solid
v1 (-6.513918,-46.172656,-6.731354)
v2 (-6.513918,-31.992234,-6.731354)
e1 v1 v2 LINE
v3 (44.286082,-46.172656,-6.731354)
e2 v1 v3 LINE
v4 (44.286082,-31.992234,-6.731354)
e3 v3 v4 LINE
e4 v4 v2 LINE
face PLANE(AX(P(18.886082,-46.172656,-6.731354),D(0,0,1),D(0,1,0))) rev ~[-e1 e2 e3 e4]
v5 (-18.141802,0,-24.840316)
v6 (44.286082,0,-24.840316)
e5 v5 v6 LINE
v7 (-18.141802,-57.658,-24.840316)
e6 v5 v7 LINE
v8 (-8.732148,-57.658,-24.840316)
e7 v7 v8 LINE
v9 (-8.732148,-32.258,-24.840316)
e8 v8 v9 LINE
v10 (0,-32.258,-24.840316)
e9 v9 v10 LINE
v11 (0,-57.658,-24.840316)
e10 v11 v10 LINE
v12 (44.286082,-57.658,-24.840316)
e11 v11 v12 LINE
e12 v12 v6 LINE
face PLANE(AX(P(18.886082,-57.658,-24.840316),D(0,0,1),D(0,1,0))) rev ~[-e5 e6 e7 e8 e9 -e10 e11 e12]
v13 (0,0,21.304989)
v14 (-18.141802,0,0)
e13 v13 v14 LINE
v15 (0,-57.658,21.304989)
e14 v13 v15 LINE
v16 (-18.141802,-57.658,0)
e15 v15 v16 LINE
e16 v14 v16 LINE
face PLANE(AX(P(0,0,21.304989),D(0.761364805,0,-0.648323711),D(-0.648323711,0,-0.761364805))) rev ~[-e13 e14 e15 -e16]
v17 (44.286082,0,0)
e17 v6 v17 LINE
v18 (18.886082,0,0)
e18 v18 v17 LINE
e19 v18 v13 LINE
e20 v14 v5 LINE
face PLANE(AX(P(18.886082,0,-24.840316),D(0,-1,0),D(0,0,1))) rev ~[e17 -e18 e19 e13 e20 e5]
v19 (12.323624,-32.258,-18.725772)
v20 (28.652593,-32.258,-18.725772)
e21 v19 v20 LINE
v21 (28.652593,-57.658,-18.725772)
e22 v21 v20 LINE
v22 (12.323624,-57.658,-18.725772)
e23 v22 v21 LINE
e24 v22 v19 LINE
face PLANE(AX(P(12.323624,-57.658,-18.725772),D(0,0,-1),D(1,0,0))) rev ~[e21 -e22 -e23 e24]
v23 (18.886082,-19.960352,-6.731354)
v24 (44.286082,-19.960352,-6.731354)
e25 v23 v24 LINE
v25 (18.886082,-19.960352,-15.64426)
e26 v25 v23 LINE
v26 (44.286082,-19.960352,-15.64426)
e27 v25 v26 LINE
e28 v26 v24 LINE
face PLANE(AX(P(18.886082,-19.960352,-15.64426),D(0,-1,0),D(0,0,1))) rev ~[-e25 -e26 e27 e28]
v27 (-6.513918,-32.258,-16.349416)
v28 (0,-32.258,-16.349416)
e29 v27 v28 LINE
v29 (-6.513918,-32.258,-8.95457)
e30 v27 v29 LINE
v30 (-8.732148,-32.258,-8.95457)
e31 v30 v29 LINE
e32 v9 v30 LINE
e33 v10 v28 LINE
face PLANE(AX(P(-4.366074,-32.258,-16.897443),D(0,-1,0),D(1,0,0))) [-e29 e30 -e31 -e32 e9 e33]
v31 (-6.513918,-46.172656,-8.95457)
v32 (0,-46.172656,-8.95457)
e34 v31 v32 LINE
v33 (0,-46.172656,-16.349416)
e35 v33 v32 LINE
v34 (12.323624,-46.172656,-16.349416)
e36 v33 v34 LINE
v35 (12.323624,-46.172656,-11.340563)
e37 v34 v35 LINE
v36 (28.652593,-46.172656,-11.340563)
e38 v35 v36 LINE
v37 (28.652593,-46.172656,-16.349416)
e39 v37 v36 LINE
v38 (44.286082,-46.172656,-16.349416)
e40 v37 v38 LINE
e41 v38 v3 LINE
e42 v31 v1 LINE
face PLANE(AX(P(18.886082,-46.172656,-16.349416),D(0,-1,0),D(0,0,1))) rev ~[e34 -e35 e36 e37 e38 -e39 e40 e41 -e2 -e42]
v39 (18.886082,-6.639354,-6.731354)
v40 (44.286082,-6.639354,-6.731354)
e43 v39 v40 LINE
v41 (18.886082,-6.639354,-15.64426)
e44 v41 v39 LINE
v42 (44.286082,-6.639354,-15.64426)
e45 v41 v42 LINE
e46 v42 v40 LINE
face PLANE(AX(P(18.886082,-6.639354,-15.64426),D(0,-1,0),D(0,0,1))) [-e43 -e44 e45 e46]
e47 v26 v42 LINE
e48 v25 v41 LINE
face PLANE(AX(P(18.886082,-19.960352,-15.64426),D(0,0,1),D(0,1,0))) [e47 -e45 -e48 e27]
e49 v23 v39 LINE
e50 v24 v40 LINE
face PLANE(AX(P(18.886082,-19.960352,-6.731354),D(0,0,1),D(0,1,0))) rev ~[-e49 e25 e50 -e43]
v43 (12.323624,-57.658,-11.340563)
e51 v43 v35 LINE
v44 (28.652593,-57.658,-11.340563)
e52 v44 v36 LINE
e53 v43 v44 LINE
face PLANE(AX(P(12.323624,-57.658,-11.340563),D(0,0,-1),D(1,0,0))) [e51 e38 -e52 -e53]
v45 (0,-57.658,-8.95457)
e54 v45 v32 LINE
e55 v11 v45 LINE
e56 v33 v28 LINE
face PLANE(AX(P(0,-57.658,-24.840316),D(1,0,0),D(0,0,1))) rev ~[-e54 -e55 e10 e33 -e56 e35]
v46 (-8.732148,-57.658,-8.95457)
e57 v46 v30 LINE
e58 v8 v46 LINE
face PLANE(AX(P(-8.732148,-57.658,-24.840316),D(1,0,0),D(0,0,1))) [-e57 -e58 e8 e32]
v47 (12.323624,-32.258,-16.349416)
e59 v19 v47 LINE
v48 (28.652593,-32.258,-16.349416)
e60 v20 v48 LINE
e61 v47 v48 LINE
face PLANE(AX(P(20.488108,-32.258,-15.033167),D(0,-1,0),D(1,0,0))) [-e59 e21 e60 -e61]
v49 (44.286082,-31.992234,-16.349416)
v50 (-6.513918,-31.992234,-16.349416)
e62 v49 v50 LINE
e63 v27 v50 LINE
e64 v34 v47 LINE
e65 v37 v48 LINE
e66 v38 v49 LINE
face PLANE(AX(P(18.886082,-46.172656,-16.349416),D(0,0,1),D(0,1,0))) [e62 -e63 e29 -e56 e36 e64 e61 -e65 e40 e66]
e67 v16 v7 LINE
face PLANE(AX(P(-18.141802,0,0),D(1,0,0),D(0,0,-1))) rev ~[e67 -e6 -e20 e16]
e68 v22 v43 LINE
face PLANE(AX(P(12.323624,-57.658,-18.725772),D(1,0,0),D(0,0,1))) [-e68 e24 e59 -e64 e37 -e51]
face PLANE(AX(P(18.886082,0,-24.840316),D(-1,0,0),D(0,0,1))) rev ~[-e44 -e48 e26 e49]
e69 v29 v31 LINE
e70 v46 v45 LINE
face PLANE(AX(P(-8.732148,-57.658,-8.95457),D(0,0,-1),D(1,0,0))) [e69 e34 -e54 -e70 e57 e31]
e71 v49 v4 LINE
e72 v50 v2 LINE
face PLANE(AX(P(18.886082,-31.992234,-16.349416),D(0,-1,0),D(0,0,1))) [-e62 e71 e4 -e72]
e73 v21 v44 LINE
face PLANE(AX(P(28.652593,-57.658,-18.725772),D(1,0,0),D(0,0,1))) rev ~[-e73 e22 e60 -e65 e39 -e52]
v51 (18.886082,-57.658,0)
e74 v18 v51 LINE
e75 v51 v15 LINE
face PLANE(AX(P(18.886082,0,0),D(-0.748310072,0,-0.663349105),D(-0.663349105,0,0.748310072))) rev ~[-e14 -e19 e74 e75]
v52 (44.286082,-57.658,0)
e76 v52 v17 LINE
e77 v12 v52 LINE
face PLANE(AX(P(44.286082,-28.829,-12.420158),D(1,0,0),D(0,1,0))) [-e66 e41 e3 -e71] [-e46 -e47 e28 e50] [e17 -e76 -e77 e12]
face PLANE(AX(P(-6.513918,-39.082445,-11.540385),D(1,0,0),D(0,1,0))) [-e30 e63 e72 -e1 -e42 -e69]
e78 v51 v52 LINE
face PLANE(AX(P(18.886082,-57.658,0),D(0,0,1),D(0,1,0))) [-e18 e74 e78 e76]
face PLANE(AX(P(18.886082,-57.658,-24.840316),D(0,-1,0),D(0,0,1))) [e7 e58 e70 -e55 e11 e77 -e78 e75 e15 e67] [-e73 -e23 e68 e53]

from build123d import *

# Parameters (mm, degrees)
F1_DEPTH = 57.658
F2_W     = 8.732148
F2_H     = 15.885746
F3_DEPTH = 25.4
F4_W     = 14.180422
F4_H     = 9.618062
F5_DEPTH = 25.4
F6_W     = 57.658
F6_H     = 24.840316
F6_W_2   = 14.180422
F6_H_2   = 9.618062
F6_W_3   = 13.320997
F6_H_3   = 8.912906
F7_DEPTH = 25.4
F8_W     = 16.328969
F8_H     = 7.385209
F9_DEPTH = 25.4


with BuildPart() as f1:
    # F0 (on Front) → F1 (new body)
    with BuildSketch(Plane.XZ):
        Polygon((-18.141802, 0), (-18.141802, -24.840316), (18.886082, -24.840316), (18.886082, 0), (0, 21.304989), align=None)
    extrude(amount=F1_DEPTH)

    # F2 (on face) → F3 (cut)
    with BuildSketch(Plane.XZ.offset(57.658)):
        with Locations((-4.366074, -16.897443)):
            Rectangle(F2_W, F2_H)
    extrude(amount=-F3_DEPTH, mode=Mode.SUBTRACT)

    # F4 (on face) → F5 (cut)
    with BuildSketch(Plane.YZ.offset(18.886082)):
        with Locations((-39.082445, -11.540385)):
            Rectangle(F4_W, F4_H)
    extrude(amount=-F5_DEPTH, mode=Mode.SUBTRACT)

    # F6 (on face) → F7 (join)
    with BuildSketch(Plane.YZ.offset(18.886082)):
        with Locations((-28.829, -12.420158)):
            Rectangle(F6_W, F6_H)
        with Locations((-39.082445, -11.540385)):
            Rectangle(F6_W_2, F6_H_2, mode=Mode.SUBTRACT)
        with Locations((-13.299853, -11.187807)):
            Rectangle(F6_W_3, F6_H_3, mode=Mode.SUBTRACT)
    extrude(amount=F7_DEPTH)

    # F8 (on face) → F9 (cut)
    with BuildSketch(Plane.XZ.offset(57.658)):
        with Locations((20.488108, -15.033167)):
            Rectangle(F8_W, F8_H)
    extrude(amount=-F9_DEPTH, mode=Mode.SUBTRACT)


solid = f1.part
